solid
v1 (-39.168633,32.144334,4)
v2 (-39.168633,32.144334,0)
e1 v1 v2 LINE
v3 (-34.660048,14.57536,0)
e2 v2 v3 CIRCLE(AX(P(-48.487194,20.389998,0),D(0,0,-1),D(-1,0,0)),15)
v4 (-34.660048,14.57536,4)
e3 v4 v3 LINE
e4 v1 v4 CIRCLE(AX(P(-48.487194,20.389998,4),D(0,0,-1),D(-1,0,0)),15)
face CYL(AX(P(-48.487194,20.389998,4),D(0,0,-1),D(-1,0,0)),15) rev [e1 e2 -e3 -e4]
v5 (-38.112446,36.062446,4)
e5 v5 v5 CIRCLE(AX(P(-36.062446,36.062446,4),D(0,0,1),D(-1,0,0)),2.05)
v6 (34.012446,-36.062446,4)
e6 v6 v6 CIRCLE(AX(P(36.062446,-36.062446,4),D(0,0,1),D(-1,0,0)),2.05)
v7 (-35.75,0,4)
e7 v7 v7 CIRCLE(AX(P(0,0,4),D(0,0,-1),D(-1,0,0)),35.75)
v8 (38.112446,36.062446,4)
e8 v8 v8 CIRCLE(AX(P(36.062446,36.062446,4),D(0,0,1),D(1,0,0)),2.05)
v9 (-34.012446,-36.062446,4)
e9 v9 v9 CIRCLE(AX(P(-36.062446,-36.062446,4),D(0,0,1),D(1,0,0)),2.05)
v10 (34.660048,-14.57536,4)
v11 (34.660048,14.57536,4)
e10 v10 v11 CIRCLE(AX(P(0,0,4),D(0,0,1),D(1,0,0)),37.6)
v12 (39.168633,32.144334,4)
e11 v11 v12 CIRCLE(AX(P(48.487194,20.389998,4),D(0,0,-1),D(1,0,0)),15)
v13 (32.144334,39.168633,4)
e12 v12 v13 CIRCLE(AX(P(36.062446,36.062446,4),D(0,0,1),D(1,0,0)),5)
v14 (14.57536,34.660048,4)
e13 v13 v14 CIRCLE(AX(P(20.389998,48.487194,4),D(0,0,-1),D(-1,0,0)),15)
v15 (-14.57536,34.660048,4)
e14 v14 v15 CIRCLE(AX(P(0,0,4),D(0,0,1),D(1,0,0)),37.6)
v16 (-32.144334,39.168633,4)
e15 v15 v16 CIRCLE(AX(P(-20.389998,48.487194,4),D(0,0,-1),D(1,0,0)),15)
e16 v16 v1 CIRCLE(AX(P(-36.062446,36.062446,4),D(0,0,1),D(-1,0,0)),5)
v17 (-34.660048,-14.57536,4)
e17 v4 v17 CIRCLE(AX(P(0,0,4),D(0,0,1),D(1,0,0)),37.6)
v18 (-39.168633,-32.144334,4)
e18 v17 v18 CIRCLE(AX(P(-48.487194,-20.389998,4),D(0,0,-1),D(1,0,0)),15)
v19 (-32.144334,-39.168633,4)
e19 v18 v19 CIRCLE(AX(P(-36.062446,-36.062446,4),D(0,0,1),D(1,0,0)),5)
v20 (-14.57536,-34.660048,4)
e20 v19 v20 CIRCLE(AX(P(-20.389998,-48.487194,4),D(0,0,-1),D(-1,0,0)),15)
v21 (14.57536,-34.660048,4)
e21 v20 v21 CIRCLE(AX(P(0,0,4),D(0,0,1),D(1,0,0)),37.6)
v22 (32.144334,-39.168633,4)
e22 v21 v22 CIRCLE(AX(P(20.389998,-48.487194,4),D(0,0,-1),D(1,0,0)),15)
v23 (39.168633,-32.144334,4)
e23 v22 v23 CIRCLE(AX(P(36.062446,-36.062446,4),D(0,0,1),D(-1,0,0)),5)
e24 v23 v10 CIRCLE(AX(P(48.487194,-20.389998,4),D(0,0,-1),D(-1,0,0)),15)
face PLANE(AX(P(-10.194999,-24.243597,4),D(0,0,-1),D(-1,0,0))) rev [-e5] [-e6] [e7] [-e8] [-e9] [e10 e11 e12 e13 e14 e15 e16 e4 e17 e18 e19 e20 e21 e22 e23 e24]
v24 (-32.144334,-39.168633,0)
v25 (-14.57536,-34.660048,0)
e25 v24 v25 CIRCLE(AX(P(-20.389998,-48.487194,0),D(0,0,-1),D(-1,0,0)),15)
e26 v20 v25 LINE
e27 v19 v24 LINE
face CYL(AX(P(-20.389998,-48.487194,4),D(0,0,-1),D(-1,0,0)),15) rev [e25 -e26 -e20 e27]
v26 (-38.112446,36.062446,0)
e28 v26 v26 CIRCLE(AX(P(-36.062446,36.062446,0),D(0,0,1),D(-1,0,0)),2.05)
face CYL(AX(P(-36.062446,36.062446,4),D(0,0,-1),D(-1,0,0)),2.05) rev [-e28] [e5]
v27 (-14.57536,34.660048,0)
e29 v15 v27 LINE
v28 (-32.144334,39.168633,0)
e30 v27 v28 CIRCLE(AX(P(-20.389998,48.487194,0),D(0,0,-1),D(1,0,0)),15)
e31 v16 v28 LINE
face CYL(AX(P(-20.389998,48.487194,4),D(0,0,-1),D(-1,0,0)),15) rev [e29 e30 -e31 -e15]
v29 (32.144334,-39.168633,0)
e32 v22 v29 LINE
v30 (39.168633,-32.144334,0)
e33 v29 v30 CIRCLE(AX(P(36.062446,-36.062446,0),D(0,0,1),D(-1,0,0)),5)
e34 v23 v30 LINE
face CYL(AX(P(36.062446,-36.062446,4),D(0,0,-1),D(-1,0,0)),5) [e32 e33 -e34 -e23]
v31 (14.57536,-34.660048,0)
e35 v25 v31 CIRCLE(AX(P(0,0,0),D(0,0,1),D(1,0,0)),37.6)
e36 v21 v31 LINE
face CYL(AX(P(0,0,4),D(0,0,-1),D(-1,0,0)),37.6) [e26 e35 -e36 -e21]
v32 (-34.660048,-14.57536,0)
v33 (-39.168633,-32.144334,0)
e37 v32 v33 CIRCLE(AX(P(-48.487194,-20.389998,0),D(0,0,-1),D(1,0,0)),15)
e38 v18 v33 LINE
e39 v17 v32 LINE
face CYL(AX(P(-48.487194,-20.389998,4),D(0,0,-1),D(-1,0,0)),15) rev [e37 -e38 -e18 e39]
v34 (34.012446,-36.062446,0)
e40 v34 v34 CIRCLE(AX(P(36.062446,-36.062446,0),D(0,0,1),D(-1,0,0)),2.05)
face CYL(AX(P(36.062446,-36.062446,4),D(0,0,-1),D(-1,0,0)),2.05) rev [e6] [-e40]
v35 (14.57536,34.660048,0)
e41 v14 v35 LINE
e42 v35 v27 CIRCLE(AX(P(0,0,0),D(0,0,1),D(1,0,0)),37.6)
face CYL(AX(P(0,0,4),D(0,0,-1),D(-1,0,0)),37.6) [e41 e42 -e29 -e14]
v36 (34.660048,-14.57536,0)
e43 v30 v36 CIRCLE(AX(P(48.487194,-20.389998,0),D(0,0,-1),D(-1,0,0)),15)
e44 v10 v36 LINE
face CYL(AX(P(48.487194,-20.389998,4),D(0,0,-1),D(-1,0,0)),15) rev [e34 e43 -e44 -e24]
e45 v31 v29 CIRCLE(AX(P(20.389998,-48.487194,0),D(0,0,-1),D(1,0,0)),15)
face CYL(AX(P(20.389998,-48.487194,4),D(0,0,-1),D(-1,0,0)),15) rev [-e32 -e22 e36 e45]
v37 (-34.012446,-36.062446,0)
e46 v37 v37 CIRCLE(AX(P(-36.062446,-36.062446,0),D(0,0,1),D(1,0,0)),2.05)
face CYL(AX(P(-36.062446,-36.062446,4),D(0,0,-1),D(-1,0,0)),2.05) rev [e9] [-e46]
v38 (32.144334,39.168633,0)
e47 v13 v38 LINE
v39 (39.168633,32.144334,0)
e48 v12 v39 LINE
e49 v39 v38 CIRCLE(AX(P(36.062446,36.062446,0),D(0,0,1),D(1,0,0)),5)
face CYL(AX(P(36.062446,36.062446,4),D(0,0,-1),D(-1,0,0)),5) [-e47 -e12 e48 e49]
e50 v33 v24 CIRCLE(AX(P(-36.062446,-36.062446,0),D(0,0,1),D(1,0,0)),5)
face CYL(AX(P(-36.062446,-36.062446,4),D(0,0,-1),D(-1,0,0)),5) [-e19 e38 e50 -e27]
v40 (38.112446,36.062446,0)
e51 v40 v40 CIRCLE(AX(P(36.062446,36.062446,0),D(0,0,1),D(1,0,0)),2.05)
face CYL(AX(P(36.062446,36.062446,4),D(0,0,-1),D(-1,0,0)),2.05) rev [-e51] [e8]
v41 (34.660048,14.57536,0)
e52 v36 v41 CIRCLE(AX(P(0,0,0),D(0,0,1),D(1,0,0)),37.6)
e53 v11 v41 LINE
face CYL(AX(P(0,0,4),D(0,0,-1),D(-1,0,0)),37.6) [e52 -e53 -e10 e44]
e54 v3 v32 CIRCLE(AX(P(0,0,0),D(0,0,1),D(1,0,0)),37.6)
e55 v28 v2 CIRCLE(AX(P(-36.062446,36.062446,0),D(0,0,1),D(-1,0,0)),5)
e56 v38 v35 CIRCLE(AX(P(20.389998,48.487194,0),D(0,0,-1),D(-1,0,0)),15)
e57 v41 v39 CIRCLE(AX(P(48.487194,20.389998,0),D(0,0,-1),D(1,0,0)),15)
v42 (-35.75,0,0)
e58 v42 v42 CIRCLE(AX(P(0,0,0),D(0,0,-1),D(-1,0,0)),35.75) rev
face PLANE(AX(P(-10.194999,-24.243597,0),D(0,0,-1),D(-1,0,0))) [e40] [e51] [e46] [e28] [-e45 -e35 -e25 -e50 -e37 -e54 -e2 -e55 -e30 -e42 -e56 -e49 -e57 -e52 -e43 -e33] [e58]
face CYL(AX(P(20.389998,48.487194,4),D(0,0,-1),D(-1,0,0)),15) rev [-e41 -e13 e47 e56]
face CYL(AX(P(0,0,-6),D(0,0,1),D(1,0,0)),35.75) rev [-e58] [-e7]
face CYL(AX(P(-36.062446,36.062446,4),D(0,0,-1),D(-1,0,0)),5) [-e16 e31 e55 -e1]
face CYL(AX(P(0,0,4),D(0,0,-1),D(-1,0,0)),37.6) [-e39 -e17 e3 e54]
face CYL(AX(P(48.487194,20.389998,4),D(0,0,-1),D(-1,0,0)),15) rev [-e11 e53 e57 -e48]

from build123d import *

# Parameters (mm, degrees)
SKETCH2_R           = 34
SKETCH2_R_2         = 2.05
BOSS_EXTRUDE1_DEPTH = 4
CUT_EXTRUDE1_START  = -6
SKETCH3_R           = 35.75
SKETCH3_R_2         = 34
CUT_EXTRUDE1_DEPTH  = 10


with BuildPart() as part:
    # Sketch2 → Boss-Extrude1 (new body)
    with BuildSketch(Plane(origin=(0, 0, 0), x_dir=(0, 1, 0), z_dir=(0, 0, 1))):
        with BuildLine():
            ThreePointArc((-32.144333809, 39.168632909), (-39.597979746, 39.597979746), (-39.168632909, 32.144333809))
            ThreePointArc((-39.168632909, 32.144333809), (-33.957976607, 24.118514652), (-34.660047505, 14.575359582))
            ThreePointArc((-34.660047505, 14.575359582), (-37.6, 0), (-34.660047505, -14.575359582))
            ThreePointArc((-34.660047505, -14.575359582), (-33.957976607, -24.118514652), (-39.168632909, -32.144333809))
            ThreePointArc((-39.168632909, -32.144333809), (-39.597979746, -39.597979746), (-32.144333809, -39.168632909))
            ThreePointArc((-32.144333809, -39.168632909), (-24.118514652, -33.957976607), (-14.575359582, -34.660047505))
            ThreePointArc((-14.575359582, -34.660047505), (0, -37.6), (14.575359582, -34.660047505))
            ThreePointArc((14.575359582, -34.660047505), (24.118514652, -33.957976607), (32.144333809, -39.168632909))
            ThreePointArc((32.144333809, -39.168632909), (39.597979746, -39.597979746), (39.168632909, -32.144333809))
            ThreePointArc((39.168632909, -32.144333809), (33.957976607, -24.118514652), (34.660047505, -14.575359582))
            ThreePointArc((34.660047505, -14.575359582), (37.6, 0), (34.660047505, 14.575359582))
            ThreePointArc((34.660047505, 14.575359582), (33.957976607, 24.118514652), (39.168632909, 32.144333809))
            ThreePointArc((39.168632909, 32.144333809), (39.597979746, 39.597979746), (32.144333809, 39.168632909))
            ThreePointArc((32.144333809, 39.168632909), (24.118514652, 33.957976607), (14.575359582, 34.660047505))
            ThreePointArc((14.575359582, 34.660047505), (0, 37.6), (-14.575359582, 34.660047505))
            ThreePointArc((-14.575359582, 34.660047505), (-24.118514652, 33.957976607), (-32.144333809, 39.168632909))
        make_face()
        with Locations(Location((0, 0, 0), (0, 0, 270))):
            Circle(SKETCH2_R, mode=Mode.SUBTRACT)
        with Locations(Location((-36.062445841, 36.062445841, 0), (0, 0, 270))):
            Circle(SKETCH2_R_2, mode=Mode.SUBTRACT)
        with Locations(Location((36.062445841, 36.062445841, 0), (0, 0, 90))):
            Circle(SKETCH2_R_2, mode=Mode.SUBTRACT)
        with Locations(Location((36.062445841, -36.062445841, 0), (0, 0, 270))):
            Circle(SKETCH2_R_2, mode=Mode.SUBTRACT)
        with Locations(Location((-36.062445841, -36.062445841, 0), (0, 0, 90))):
            Circle(SKETCH2_R_2, mode=Mode.SUBTRACT)
    extrude(amount=BOSS_EXTRUDE1_DEPTH)

    # Sketch3 → Cut-Extrude1 (cut)
    with BuildSketch(Plane(origin=(0, 0, 0), x_dir=(0, 1, 0), z_dir=(0, 0, 1)).offset(CUT_EXTRUDE1_START)):
        with Locations(Location((0, 0, 0), (0, 0, 90))):
            Circle(SKETCH3_R)
        Circle(SKETCH3_R_2, mode=Mode.SUBTRACT)
    extrude(amount=CUT_EXTRUDE1_DEPTH, mode=Mode.SUBTRACT)


solid = part.part
